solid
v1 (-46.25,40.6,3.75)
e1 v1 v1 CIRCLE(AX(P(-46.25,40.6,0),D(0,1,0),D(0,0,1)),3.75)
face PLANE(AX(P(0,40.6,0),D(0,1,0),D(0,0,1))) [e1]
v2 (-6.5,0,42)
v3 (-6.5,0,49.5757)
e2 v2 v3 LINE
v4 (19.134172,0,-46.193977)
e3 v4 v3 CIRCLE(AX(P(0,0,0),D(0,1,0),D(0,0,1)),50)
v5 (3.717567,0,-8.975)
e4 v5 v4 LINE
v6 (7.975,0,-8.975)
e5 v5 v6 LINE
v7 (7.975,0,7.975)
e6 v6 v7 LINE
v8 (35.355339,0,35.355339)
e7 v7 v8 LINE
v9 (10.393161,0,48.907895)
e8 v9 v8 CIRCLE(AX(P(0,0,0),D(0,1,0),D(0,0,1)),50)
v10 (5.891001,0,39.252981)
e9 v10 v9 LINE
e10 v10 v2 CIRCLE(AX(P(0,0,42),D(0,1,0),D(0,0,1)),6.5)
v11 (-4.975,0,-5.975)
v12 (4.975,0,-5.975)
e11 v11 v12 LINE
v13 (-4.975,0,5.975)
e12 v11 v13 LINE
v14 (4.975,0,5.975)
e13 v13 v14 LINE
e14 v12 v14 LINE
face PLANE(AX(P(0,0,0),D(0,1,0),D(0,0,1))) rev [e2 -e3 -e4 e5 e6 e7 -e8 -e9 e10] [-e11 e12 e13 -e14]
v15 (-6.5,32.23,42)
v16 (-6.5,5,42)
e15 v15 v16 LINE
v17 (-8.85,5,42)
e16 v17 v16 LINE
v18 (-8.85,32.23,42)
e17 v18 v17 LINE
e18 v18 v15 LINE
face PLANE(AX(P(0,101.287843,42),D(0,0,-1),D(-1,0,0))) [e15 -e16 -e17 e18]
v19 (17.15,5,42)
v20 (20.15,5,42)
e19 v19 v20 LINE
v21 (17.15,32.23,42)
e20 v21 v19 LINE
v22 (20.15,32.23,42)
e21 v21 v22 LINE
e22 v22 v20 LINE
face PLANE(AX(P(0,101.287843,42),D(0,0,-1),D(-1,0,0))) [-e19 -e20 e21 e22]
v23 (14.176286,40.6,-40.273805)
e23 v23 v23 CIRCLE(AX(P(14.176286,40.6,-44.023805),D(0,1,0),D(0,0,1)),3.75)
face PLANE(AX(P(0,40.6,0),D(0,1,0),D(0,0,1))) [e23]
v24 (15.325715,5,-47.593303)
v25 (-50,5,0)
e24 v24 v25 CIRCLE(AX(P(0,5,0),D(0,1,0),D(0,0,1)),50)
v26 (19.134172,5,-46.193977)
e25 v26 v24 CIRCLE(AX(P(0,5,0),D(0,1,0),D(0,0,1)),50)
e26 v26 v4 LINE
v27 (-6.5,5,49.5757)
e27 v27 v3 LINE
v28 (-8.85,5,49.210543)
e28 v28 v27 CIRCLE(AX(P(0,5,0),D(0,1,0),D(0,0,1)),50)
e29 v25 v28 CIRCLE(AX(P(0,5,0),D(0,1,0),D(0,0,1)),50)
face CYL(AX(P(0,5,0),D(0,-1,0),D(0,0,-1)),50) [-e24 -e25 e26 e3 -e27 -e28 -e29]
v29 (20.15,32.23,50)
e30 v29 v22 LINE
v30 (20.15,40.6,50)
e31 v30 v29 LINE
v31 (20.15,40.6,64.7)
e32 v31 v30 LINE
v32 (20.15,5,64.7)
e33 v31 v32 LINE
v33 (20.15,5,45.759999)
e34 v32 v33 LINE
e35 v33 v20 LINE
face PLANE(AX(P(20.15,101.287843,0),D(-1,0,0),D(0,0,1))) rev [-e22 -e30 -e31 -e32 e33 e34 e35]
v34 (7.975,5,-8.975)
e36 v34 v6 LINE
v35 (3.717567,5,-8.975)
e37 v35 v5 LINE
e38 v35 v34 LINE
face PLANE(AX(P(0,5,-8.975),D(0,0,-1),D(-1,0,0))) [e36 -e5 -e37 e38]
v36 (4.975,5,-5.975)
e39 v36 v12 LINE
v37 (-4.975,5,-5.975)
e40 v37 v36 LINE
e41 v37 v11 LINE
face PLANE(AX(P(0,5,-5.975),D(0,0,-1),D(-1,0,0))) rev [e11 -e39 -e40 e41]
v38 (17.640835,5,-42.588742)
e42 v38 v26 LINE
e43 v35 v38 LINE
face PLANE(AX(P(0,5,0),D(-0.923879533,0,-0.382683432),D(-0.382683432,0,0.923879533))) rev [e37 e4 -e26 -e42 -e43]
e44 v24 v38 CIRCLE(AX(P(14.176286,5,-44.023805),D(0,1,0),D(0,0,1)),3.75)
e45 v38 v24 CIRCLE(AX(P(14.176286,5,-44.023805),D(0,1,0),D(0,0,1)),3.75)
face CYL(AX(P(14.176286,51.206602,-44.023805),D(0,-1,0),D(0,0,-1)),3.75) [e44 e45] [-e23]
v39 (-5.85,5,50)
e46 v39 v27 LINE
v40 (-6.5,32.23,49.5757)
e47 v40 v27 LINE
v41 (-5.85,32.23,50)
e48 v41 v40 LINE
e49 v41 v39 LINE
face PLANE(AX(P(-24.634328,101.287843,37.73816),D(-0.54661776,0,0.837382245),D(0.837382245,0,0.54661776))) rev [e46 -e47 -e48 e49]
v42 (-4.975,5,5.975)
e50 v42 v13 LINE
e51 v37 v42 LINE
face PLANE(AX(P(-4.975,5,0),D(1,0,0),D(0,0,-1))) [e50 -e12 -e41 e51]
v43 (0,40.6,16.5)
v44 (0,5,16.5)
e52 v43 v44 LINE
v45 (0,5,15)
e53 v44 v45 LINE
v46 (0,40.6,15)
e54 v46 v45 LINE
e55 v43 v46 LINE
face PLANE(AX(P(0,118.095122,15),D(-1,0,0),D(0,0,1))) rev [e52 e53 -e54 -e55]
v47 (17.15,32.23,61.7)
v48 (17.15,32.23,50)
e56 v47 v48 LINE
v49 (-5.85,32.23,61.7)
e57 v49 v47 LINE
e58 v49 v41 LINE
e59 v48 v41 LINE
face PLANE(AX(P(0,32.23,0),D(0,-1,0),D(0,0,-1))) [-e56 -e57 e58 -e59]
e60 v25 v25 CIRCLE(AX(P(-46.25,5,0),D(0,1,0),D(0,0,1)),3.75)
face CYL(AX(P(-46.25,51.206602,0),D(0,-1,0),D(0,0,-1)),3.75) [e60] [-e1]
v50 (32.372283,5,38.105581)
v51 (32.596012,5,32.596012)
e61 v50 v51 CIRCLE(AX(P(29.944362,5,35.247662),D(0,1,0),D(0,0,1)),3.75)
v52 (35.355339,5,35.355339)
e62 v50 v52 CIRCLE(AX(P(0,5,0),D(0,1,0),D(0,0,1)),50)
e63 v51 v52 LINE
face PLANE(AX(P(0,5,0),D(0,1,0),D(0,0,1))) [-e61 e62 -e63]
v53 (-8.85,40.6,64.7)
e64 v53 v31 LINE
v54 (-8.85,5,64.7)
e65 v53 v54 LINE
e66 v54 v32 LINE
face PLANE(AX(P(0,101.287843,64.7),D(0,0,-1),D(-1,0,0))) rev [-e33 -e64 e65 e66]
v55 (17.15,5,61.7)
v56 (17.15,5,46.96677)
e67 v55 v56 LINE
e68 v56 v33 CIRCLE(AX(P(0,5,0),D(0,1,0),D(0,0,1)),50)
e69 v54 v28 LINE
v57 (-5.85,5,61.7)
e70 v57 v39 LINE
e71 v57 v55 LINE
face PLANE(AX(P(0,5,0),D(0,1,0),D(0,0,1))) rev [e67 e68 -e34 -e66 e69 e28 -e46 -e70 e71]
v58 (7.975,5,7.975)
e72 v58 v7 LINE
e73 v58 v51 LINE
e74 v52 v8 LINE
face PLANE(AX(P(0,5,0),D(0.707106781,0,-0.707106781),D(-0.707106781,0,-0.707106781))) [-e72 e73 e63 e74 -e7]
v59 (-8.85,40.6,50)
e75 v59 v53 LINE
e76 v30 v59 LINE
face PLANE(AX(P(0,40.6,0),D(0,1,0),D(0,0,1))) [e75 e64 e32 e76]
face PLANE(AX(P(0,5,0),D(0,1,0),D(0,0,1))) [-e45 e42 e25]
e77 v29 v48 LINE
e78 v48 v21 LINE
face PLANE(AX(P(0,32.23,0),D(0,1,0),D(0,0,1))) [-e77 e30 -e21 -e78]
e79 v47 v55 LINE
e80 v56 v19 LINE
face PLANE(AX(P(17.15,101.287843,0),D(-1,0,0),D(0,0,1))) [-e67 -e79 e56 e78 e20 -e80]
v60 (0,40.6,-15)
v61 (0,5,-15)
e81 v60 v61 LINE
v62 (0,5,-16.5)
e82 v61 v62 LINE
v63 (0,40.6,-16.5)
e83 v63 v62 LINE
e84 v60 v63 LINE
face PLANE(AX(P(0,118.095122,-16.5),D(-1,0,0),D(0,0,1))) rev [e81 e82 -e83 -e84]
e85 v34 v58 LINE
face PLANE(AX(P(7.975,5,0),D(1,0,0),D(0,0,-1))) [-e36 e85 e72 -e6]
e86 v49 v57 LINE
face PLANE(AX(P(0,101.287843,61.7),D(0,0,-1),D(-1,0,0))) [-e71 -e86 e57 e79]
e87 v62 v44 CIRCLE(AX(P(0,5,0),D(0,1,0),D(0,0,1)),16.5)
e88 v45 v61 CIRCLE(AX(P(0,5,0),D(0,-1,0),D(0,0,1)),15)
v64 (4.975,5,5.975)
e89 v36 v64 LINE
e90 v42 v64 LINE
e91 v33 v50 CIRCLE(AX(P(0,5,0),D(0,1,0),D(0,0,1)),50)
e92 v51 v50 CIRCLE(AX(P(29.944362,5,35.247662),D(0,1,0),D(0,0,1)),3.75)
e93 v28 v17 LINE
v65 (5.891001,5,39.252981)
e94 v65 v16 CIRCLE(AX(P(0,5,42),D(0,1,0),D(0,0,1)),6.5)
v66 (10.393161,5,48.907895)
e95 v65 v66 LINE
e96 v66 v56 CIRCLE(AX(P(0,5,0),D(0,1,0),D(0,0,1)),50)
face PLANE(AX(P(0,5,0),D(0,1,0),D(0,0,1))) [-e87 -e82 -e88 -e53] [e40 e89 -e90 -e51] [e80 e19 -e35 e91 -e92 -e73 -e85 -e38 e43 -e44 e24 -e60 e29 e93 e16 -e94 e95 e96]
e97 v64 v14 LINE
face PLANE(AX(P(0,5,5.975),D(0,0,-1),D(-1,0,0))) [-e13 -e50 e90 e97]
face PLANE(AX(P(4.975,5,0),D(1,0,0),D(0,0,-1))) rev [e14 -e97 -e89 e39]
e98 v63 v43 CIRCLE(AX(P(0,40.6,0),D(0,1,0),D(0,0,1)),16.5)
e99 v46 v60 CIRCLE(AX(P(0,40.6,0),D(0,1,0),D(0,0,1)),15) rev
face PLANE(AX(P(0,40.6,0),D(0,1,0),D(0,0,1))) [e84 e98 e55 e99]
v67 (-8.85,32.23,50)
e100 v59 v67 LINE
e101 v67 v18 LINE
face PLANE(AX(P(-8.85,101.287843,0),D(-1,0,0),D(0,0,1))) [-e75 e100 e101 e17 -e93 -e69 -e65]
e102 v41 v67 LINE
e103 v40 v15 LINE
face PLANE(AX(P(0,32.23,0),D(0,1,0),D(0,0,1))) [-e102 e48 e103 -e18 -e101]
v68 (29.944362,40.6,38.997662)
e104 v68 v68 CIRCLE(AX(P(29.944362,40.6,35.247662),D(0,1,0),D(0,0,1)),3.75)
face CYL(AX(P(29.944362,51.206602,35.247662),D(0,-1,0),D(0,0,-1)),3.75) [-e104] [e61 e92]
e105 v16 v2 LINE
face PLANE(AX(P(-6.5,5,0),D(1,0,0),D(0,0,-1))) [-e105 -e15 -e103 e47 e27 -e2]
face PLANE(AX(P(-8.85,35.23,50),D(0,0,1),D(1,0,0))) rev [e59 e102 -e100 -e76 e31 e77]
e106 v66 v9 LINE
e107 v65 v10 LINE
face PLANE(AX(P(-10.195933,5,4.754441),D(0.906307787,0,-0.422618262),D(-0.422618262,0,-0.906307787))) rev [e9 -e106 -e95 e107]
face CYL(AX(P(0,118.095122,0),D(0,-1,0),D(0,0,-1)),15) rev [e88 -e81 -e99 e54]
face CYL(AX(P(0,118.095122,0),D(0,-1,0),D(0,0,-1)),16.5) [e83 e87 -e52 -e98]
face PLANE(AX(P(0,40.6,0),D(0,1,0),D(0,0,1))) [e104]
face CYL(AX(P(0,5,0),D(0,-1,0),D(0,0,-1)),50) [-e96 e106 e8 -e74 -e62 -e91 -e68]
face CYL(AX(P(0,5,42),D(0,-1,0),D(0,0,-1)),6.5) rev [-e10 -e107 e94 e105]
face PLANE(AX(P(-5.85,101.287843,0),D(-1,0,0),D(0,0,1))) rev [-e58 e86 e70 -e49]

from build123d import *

# Parameters (mm, degrees)
SKETCH1_W           = 9.95
SKETCH1_H           = 11.95
BOSS_EXTRUDE2_DEPTH = 5
BOSS_EXTRUDE4_DEPTH = 27.23
SKETCH3_W           = 29
SKETCH3_H           = 14.7
BOSS_EXTRUDE5_DEPTH = 3
BOSS_EXTRUDE6_DEPTH = 35.6
SKETCH7_W           = 29
SKETCH7_H           = 14.7
BOSS_EXTRUDE7_DEPTH = 5.37
SKETCH8_R           = 3.75
BOSS_EXTRUDE8_DEPTH = 35.6


with BuildPart() as part:
    # Sketch1 → Boss-Extrude2 (new body)
    with BuildSketch(Plane(origin=(0, 0, 0), x_dir=(1, 0, 0), z_dir=(0, 1, 0))):
        with BuildLine():
            Line((35.355339059, -35.355339059), (7.975, -7.975))
            Line((7.975, -7.975), (7.975, 8.975))
            Line((7.975, 8.975), (3.717566722, 8.975))
            Line((3.717566722, 8.975), (19.134171618, 46.193976626))
            ThreePointArc((19.134171618, 46.193976626), (-48.299723588, 12.928136036), (-6.5, -49.575699692))
            Line((-6.5, -49.575699692), (-6.5, -42))
            ThreePointArc((-6.5, -42), (-1.406857491, -35.654075954), (5.891000616, -39.252981299))
            Line((5.891000616, -39.252981299), (10.393160878, -48.907895139))
            ThreePointArc((10.393160878, -48.907895139), (23.856849241, -43.941446771), (35.355339059, -35.355339059))
        make_face()
        Rectangle(SKETCH1_W, SKETCH1_H, mode=Mode.SUBTRACT)
    extrude(amount=BOSS_EXTRUDE2_DEPTH)

    # Sketch2 → Boss-Extrude4 (add)
    with BuildSketch(Plane(origin=(0, 5, 0), x_dir=(1, 0, 0), z_dir=(0, 1, 0))):
        with BuildLine():
            Line((17.15, -61.7), (-5.85, -61.7))
            Line((-5.85, -61.7), (-5.85, -50))
            Line((-5.85, -50), (-6.5, -49.575699692))
            ThreePointArc((-6.5, -49.575699692), (-7.67717135, -49.407095038), (-8.85, -49.21054257))
            Line((-8.85, -49.21054257), (-8.85, -64.7))
            Line((-8.85, -64.7), (20.15, -64.7))
            Line((20.15, -64.7), (20.15, -50))
            Line((20.15, -50), (20.15, -45.759998907))
            ThreePointArc((20.15, -45.759998907), (18.65975815, -46.387643029), (17.15, -46.966770168))
            Line((17.15, -46.966770168), (17.15, -50))
            Line((17.15, -50), (17.15, -61.7))
        make_face()
        with BuildLine():
            ThreePointArc((-8.85, -49.21054257), (-7.67717135, -49.407095038), (-6.5, -49.575699692))
            Line((-6.5, -49.575699692), (-6.5, -42))
            Line((-6.5, -42), (-8.85, -42))
            Line((-8.85, -42), (-8.85, -49.21054257))
        make_face()
        with BuildLine():
            Line((17.15, -42), (17.15, -46.966770168))
            ThreePointArc((17.15, -46.966770168), (18.65975815, -46.387643029), (20.15, -45.759998907))
            Line((20.15, -45.759998907), (20.15, -42))
            Line((20.15, -42), (17.15, -42))
        make_face()
    extrude(amount=BOSS_EXTRUDE4_DEPTH)

    # Sketch3 → Boss-Extrude5 (add)
    with BuildSketch(Plane(origin=(0, 32.23, 0), x_dir=(1, 0, 0), z_dir=(0, 1, 0))):
        with Locations((5.65, -57.35)):
            Rectangle(SKETCH3_W, SKETCH3_H)
    extrude(amount=BOSS_EXTRUDE5_DEPTH)

    # Sketch4 → Boss-Extrude6 (add)
    with BuildSketch(Plane(origin=(0, 5, 0), x_dir=(1, 0, 0), z_dir=(0, 1, 0))):
        with BuildLine():
            Line((0, 16.5), (0, 15))
            ThreePointArc((0, 15), (-15, 0), (0, -15))
            Line((0, -15), (0, -16.5))
            ThreePointArc((0, -16.5), (-16.5, 0), (0, 16.5))
        make_face()
    extrude(amount=BOSS_EXTRUDE6_DEPTH)

    # Sketch7 → Boss-Extrude7 (add)
    with BuildSketch(Plane(origin=(0, 35.23, 0), x_dir=(1, 0, 0), z_dir=(0, 1, 0))):
        with Locations((5.65, -57.35)):
            Rectangle(SKETCH7_W, SKETCH7_H)
    extrude(amount=BOSS_EXTRUDE7_DEPTH)

    # Sketch8 → Boss-Extrude8 (add)
    with BuildSketch(Plane(origin=(0, 5, 0), x_dir=(1, 0, 0), z_dir=(0, 1, 0))):
        with Locations(Location((14.176286342, 44.023804987, 0), (0, 0, 72.150709005))):
            Circle(SKETCH8_R)
        with Locations(Location((29.944361597, -35.247662455, 0), (0, 0, 45))):
            Circle(SKETCH8_R)
        with Locations(Location((-46.25, 0, 0), (0, 0, 179.999564815))):
            Circle(SKETCH8_R)
    extrude(amount=BOSS_EXTRUDE8_DEPTH)


solid = part.part
